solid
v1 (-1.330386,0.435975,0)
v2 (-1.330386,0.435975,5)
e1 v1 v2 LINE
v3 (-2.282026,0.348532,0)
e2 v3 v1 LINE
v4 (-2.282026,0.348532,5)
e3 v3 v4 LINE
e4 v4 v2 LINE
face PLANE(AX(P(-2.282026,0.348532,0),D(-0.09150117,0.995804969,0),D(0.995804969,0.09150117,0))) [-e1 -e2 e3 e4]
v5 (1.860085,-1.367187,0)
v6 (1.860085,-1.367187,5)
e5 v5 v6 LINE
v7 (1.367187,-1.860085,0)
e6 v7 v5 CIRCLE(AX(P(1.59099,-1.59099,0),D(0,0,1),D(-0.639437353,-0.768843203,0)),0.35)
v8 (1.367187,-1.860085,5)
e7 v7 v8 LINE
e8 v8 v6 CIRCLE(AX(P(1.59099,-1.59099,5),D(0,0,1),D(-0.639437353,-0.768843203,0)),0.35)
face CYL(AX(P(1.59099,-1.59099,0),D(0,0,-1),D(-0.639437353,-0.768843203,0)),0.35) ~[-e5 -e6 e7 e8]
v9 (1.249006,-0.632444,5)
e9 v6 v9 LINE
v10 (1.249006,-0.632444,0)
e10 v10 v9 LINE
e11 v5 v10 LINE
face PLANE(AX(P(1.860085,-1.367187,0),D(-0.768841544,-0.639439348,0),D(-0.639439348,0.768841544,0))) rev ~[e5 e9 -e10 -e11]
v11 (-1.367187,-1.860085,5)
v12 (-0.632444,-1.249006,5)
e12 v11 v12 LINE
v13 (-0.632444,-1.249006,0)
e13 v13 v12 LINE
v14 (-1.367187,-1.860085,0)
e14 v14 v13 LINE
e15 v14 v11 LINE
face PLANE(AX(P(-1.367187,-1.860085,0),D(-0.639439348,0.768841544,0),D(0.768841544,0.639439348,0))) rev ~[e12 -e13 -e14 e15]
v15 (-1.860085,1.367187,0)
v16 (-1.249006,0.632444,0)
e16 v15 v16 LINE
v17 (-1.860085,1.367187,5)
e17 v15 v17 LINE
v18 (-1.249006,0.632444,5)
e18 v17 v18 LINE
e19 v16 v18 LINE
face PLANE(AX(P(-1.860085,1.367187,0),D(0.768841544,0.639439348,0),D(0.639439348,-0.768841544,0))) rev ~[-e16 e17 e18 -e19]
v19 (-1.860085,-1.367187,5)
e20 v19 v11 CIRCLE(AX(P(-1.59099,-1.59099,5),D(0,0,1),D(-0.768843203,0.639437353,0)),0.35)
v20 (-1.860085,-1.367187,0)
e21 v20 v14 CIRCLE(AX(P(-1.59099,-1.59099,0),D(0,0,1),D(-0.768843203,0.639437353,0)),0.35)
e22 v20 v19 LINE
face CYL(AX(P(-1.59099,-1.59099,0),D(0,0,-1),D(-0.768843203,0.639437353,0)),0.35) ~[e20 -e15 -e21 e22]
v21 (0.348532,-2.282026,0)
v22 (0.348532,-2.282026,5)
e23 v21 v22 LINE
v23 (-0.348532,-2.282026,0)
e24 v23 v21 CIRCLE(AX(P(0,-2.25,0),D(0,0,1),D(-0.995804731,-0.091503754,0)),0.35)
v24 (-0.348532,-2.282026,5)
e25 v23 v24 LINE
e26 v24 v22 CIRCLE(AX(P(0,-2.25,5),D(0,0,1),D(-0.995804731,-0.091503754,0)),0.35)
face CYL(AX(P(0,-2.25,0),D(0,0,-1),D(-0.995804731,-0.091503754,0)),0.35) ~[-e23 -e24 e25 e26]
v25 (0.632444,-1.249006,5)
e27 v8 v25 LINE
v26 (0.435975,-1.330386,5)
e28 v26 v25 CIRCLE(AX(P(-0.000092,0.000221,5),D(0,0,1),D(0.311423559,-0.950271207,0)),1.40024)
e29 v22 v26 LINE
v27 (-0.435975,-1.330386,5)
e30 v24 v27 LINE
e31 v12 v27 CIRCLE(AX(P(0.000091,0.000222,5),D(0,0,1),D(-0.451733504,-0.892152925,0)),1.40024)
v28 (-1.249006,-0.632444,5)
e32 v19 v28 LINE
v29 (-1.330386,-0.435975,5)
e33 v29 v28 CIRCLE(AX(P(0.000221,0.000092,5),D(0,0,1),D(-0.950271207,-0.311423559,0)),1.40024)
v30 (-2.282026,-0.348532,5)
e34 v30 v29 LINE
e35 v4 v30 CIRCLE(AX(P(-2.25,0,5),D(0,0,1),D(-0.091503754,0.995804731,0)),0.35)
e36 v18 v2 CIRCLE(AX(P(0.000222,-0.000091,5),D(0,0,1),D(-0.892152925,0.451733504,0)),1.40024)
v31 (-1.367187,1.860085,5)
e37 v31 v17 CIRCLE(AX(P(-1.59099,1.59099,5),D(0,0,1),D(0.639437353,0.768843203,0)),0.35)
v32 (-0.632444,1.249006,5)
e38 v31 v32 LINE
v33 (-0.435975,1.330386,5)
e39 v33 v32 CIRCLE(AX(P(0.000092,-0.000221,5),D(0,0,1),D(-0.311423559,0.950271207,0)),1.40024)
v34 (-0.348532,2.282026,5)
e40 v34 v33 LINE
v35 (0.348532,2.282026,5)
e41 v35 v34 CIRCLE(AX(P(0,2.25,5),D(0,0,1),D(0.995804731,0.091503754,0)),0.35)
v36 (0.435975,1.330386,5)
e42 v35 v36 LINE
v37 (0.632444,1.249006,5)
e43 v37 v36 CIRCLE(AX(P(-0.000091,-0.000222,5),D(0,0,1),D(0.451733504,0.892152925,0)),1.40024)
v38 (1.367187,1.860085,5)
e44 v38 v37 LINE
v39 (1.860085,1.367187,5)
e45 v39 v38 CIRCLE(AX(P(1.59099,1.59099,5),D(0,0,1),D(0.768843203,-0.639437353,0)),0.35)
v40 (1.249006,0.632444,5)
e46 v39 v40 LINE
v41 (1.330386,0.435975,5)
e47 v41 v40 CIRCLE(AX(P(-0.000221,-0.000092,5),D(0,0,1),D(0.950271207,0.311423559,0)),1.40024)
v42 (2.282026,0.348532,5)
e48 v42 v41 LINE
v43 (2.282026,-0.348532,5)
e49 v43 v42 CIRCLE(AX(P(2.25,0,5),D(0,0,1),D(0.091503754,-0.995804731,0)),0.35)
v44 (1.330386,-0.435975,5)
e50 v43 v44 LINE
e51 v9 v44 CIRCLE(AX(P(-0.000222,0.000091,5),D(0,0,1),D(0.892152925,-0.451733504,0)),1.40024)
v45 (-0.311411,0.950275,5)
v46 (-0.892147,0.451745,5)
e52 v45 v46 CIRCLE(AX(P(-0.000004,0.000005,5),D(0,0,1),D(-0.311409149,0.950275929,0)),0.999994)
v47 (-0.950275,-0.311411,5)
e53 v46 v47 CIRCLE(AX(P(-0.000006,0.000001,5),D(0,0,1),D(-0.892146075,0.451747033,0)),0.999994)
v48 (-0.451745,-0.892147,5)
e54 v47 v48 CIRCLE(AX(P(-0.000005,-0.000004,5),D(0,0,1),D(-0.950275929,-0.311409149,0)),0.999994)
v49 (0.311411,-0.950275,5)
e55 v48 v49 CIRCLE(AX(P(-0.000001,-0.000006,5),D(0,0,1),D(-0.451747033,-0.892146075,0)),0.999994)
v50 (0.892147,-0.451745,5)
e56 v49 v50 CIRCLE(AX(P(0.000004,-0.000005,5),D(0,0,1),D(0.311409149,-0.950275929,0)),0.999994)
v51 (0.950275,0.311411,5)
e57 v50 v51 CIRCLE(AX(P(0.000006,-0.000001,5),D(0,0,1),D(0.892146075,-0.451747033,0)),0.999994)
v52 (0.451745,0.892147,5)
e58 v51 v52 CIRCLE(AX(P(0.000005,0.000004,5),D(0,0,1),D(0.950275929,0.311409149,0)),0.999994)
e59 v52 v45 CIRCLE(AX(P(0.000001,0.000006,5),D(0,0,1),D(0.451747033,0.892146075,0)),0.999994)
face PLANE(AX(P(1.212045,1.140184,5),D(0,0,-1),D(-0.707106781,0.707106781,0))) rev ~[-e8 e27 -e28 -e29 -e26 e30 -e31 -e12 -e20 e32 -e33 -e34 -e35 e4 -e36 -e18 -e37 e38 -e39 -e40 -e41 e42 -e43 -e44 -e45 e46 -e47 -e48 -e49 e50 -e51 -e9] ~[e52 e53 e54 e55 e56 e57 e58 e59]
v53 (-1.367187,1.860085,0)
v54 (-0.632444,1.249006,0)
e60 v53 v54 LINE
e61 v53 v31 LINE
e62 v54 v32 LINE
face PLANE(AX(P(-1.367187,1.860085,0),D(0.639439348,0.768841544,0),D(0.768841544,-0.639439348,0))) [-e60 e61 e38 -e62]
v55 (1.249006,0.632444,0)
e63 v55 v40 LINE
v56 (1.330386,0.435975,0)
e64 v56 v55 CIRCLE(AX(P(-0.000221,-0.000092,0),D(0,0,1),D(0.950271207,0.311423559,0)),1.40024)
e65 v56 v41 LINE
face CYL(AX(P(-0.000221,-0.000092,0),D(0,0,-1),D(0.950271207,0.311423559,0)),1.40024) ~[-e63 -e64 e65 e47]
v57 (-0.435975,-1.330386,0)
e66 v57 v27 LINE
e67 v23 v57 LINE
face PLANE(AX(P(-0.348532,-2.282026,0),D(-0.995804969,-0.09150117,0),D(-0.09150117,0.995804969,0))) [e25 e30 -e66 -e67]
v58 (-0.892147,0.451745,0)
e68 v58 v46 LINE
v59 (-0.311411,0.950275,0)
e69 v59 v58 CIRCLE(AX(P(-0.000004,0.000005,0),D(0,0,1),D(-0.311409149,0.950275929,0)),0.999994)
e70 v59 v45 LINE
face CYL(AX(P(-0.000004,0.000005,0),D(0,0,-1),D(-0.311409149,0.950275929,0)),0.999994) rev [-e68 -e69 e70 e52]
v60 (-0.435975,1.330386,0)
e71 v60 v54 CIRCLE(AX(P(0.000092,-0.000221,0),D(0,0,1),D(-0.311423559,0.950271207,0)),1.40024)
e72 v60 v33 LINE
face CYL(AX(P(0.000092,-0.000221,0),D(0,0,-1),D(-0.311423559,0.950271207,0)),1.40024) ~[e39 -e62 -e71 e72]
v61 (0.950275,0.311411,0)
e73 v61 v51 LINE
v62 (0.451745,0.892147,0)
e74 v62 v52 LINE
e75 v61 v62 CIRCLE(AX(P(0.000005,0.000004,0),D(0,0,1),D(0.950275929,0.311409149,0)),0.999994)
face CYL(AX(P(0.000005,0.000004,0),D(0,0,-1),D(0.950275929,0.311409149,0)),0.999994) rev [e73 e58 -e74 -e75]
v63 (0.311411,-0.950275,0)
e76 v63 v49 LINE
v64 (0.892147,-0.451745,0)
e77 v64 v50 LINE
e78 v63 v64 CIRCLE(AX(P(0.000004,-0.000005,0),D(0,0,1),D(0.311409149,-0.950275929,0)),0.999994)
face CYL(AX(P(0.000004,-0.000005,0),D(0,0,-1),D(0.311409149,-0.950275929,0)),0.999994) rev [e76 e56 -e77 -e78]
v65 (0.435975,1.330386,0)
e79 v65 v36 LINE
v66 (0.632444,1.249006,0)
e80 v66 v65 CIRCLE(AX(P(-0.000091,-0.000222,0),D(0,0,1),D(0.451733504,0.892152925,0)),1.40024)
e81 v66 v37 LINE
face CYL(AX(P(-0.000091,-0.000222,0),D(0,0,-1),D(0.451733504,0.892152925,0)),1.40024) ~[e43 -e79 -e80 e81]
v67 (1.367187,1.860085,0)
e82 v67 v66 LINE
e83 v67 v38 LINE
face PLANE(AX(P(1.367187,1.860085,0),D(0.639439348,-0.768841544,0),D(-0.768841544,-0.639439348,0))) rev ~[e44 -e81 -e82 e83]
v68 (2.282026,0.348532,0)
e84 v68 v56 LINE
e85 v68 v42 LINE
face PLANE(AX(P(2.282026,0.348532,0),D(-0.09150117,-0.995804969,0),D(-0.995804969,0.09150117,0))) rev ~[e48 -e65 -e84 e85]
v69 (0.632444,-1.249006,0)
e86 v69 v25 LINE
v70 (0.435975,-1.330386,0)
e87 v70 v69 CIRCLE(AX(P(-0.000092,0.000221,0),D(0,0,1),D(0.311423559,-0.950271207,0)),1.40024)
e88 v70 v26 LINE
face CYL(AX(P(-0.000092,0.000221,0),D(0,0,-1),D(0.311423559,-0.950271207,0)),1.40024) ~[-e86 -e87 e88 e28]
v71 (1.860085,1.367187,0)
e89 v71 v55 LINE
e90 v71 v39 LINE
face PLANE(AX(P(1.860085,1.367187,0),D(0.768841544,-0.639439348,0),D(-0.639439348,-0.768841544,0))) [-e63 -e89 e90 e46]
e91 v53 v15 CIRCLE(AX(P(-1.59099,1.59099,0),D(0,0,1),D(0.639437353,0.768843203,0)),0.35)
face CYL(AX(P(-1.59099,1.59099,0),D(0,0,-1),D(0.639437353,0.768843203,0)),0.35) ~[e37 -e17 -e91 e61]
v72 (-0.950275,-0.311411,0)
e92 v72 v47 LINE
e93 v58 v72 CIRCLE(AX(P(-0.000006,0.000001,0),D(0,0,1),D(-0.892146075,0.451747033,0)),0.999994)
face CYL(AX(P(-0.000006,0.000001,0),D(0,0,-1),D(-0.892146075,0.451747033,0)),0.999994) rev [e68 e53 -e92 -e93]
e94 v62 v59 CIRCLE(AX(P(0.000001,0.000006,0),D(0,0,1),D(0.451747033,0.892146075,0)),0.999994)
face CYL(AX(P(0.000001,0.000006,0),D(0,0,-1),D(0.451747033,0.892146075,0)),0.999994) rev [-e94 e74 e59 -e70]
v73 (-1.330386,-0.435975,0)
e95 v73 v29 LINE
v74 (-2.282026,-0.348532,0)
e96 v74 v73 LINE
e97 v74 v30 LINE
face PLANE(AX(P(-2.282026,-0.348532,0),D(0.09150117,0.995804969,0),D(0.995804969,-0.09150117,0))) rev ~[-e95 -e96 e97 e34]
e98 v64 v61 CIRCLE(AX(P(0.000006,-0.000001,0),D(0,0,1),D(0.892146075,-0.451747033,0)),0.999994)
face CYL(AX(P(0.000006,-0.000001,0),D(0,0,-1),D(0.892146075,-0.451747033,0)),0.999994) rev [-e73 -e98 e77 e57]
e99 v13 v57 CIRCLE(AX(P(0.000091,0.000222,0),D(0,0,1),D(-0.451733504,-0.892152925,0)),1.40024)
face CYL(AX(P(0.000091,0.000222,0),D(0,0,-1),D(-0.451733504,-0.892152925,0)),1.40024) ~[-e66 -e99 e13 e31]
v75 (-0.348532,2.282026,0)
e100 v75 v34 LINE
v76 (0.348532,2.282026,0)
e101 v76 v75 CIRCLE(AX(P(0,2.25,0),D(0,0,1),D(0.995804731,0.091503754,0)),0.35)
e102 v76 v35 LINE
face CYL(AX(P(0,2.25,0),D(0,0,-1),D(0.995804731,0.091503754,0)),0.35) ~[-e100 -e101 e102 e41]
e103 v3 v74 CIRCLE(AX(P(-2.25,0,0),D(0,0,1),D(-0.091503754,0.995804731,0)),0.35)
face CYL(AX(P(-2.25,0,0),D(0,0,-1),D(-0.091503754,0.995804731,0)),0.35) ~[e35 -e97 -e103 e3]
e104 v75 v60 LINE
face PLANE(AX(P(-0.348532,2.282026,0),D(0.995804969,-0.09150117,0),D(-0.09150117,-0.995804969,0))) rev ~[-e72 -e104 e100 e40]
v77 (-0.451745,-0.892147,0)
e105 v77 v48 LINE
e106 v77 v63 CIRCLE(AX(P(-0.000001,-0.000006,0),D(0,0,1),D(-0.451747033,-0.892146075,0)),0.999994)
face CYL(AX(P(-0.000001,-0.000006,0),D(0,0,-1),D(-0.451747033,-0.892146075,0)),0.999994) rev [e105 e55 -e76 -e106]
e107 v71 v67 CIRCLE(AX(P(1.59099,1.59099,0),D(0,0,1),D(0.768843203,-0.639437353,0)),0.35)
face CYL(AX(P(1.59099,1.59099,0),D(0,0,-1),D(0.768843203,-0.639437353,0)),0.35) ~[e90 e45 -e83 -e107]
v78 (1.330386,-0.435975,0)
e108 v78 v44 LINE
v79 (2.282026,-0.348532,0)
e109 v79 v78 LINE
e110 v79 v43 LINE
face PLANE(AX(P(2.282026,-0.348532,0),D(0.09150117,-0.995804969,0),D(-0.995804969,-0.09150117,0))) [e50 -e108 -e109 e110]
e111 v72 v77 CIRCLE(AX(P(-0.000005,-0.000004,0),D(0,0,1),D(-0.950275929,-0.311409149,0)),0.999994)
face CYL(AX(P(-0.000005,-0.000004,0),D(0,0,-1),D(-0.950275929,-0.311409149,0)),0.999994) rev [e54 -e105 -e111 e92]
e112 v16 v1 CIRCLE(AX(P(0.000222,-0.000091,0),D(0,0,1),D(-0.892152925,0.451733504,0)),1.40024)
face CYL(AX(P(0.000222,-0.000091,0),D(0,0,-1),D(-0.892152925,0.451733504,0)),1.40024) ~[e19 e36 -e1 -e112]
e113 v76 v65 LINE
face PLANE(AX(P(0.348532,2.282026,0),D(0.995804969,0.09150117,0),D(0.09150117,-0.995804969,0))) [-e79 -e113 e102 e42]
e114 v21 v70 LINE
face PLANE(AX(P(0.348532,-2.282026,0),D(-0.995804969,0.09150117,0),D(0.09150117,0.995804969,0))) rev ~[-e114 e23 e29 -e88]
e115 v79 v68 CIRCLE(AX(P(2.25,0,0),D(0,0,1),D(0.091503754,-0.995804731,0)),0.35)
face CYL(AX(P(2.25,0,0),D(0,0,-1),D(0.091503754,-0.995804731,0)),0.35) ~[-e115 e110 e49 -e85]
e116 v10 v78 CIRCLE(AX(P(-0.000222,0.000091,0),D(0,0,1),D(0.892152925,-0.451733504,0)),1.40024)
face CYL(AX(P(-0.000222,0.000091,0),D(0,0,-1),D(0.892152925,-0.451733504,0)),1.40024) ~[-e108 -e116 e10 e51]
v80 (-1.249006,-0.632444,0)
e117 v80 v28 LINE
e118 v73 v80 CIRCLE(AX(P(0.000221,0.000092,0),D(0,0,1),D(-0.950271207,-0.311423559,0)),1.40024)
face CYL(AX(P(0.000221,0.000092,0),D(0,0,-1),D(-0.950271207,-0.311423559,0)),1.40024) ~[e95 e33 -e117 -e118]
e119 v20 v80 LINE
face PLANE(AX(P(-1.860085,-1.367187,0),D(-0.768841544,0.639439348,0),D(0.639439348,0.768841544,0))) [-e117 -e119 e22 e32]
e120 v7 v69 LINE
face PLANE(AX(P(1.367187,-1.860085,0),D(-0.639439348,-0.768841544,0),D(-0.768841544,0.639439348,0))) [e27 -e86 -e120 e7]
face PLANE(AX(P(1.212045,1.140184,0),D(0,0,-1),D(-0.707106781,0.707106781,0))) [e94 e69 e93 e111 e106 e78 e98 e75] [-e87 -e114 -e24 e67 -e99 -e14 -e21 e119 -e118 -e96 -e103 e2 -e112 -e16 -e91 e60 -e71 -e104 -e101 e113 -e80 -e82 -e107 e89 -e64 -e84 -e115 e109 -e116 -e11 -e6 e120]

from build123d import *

# Parameters (mm, degrees)
PAD_DEPTH          = 5
POLARPATTERN_COUNT = 8


with BuildPart() as part:
    # Sketch → Pad (new body)
    with BuildSketch(Plane.XY):
        with BuildLine():
            ThreePointArc((0.451745, 0.892147), (0.075949, 0.997112), (-0.311411, 0.950275))
            Line((-0.435975, 1.330386), (-0.311411, 0.950275))
            Line((-0.348532, 2.282026), (-0.435975, 1.330386))
            ThreePointArc((0.348532, 2.282026), (0, 2.6), (-0.348532, 2.282026))
            Line((0.348532, 2.282026), (0.435975, 1.330386))
            ThreePointArc((0.632444, 1.249006), (0.535757, 1.293431), (0.435975, 1.330386))
            Line((0.632444, 1.249006), (0.451745, 0.892147))
        make_face()
    pad = extrude(amount=PAD_DEPTH)

    # PolarPattern: Pad ×8 about axis
    polarpattern_axis = Axis((0, 0, 0), (0, 0, 1))
    for i in range(1, POLARPATTERN_COUNT):
        add(pad.rotate(polarpattern_axis, i * 360 / POLARPATTERN_COUNT))


solid = part.part
